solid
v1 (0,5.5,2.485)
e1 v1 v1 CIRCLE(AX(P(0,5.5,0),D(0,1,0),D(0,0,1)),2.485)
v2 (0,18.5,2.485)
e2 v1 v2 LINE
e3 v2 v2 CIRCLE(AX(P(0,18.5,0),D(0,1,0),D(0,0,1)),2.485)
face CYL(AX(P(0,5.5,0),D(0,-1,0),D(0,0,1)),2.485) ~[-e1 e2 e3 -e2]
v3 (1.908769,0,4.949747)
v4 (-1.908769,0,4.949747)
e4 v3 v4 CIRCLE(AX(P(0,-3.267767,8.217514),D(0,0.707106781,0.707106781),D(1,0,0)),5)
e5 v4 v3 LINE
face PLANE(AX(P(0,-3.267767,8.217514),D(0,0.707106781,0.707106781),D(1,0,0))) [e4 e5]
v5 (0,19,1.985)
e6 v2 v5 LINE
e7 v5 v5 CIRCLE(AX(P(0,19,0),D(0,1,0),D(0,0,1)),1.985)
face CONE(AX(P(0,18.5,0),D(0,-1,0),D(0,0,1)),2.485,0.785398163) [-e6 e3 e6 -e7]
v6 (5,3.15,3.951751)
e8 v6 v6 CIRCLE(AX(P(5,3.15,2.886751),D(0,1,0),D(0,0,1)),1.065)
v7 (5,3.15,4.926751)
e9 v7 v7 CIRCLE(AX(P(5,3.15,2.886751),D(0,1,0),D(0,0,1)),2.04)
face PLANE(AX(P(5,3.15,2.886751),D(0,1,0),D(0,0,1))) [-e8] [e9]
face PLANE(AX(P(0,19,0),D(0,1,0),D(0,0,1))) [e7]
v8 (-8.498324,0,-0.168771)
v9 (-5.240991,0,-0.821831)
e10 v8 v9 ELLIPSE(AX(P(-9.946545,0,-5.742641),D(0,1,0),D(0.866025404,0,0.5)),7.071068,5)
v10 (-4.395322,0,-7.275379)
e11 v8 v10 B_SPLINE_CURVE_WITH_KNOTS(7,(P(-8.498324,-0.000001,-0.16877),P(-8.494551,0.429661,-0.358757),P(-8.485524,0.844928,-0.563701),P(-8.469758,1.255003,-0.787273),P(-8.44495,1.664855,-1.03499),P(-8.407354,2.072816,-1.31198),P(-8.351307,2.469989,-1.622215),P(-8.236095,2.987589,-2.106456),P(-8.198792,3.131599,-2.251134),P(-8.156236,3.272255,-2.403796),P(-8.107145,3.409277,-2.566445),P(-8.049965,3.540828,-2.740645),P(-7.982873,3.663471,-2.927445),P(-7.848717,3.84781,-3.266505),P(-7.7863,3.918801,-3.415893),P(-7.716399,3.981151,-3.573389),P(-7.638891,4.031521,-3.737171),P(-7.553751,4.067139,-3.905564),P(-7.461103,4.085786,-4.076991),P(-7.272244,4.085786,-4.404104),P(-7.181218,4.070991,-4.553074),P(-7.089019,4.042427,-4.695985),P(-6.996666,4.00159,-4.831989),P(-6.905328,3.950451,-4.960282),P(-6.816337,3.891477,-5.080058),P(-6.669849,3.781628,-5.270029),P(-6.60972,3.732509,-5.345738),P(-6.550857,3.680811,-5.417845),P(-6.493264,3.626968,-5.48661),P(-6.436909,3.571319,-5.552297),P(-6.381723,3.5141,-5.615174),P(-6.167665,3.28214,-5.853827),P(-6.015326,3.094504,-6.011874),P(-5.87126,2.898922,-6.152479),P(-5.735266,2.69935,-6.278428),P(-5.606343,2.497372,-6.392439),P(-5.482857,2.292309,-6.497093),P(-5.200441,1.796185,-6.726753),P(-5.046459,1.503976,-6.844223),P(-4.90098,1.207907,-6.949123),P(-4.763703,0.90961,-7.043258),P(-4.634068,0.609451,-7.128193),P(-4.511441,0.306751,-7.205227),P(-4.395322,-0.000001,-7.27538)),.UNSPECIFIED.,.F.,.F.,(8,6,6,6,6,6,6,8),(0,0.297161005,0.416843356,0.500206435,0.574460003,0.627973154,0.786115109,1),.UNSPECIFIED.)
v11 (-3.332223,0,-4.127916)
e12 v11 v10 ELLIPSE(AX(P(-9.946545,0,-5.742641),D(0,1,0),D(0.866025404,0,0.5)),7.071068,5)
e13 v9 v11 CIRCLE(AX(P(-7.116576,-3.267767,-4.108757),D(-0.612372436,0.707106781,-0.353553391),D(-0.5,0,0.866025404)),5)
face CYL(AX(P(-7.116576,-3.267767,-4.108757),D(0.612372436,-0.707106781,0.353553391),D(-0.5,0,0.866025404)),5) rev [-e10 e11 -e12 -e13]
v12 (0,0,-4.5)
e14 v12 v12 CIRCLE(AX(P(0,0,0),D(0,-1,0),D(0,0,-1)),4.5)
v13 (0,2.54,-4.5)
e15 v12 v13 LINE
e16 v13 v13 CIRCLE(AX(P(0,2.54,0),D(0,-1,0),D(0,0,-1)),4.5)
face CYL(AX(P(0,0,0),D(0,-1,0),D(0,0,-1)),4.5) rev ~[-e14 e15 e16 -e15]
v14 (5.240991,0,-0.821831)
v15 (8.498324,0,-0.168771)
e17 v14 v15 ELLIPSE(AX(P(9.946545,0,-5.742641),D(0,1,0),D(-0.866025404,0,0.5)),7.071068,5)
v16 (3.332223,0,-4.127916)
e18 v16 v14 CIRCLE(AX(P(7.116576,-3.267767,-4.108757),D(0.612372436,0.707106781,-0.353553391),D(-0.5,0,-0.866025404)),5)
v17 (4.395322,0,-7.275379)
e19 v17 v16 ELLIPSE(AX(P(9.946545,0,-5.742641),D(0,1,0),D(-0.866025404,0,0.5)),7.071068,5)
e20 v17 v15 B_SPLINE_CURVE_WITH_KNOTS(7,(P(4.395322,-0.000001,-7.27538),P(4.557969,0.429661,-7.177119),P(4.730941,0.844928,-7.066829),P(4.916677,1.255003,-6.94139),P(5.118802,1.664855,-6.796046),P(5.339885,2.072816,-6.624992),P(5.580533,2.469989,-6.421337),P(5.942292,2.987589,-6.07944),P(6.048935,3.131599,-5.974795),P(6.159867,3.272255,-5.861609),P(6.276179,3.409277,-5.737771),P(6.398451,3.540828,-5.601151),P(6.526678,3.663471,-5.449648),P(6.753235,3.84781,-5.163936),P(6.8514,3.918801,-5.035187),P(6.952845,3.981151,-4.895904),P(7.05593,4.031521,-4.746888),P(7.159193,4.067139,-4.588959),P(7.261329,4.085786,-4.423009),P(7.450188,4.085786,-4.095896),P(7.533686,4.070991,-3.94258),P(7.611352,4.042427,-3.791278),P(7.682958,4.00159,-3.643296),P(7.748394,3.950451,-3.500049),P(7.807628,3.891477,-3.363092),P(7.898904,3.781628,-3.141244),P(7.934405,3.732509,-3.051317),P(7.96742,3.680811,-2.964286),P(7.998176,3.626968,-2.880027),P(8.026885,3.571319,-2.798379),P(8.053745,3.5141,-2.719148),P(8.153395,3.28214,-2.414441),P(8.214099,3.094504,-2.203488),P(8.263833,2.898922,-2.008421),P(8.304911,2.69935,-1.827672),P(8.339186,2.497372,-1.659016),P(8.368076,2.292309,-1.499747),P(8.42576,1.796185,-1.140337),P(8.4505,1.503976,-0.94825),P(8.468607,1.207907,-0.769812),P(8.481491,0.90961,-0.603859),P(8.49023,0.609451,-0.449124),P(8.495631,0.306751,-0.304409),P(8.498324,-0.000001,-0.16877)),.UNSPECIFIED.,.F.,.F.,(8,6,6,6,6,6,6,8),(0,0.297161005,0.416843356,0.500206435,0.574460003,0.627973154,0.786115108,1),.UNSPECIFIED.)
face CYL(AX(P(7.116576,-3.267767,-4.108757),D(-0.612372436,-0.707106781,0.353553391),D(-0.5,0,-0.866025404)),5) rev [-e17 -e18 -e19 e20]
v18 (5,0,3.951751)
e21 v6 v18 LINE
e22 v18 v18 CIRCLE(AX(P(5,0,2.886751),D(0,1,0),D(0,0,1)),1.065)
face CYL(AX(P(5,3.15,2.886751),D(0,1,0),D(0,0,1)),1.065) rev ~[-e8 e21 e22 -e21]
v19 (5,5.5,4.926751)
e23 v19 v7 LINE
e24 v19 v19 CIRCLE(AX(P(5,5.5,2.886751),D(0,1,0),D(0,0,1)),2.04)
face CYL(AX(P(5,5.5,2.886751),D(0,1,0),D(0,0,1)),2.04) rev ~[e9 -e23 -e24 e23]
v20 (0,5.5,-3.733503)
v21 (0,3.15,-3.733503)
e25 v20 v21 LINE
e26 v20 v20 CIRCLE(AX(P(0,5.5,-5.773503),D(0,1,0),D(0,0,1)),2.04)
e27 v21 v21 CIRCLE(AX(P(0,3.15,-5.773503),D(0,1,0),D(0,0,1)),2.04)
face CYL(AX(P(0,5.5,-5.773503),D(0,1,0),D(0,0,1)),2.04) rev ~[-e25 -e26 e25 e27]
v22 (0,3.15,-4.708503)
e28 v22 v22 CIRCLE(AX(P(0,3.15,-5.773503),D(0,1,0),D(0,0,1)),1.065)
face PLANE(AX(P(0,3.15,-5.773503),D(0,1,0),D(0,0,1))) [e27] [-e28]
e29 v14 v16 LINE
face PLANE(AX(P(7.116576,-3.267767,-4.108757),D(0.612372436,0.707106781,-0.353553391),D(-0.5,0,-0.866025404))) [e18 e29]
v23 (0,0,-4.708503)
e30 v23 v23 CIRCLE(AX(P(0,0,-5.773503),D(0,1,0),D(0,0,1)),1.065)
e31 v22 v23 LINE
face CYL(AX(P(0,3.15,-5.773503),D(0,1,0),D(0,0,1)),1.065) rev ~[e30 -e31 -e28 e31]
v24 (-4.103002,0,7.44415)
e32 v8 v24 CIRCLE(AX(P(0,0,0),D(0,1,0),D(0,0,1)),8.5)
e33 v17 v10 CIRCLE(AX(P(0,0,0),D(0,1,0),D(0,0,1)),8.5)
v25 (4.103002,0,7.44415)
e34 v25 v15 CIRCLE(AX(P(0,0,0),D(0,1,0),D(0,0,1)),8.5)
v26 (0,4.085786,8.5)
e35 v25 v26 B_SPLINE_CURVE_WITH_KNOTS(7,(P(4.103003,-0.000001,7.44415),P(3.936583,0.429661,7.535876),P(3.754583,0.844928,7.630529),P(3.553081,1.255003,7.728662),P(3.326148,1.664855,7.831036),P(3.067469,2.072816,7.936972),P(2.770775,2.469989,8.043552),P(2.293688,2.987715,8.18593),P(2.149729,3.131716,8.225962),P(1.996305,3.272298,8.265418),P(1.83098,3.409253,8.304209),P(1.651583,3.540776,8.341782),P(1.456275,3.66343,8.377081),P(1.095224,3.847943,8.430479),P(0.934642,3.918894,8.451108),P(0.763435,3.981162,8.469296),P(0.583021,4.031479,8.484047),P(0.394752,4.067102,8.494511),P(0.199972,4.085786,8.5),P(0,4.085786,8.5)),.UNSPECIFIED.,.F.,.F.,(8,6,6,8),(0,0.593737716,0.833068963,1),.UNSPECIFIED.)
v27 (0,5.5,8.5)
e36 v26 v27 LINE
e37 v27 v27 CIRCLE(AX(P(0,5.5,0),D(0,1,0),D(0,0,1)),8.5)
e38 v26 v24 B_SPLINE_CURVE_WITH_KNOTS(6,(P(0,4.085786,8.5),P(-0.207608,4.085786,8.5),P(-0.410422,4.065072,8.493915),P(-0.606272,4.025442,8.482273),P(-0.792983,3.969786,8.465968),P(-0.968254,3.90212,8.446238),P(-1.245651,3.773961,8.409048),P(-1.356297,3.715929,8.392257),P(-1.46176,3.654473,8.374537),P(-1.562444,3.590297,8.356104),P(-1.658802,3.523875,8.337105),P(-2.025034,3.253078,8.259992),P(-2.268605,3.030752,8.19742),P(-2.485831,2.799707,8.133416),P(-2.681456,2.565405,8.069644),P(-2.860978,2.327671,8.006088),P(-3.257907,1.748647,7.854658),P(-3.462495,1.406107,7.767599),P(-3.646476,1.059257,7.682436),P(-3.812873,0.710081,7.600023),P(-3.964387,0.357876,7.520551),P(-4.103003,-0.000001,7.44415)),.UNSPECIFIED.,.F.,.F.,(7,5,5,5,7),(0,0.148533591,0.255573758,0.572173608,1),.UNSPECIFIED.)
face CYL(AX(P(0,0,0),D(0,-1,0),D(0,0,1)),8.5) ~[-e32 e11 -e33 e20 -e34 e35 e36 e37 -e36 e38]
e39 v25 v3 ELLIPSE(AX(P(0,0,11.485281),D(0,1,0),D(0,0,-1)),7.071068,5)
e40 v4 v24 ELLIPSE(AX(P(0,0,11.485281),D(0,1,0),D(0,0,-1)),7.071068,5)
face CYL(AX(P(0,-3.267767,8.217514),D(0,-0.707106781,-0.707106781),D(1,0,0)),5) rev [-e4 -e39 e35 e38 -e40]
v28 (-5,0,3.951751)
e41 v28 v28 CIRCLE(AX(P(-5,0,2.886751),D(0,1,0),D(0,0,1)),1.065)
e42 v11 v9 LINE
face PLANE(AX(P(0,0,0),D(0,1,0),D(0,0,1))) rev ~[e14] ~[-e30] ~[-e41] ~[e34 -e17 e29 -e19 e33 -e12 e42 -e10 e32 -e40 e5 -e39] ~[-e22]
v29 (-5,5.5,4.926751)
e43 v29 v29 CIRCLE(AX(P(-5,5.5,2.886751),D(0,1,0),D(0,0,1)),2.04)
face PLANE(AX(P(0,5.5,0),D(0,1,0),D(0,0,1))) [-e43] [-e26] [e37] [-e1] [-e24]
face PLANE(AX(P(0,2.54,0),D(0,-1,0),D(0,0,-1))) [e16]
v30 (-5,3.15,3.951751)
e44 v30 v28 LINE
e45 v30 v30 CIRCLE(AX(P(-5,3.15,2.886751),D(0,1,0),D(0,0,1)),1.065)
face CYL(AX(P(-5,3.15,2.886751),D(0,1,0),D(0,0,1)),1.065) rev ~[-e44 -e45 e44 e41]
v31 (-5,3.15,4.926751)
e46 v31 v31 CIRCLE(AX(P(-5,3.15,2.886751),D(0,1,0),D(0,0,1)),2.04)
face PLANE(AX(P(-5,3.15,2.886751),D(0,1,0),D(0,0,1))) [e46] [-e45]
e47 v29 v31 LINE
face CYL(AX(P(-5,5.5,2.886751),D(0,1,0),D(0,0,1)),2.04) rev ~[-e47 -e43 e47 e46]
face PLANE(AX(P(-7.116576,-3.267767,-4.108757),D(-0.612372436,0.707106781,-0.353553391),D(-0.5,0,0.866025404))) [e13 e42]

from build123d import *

# Parameters (mm, degrees)
SKETCH1_R           = 8.5
BOSS_EXTRUDE1_DEPTH = 5.5
SKETCH2_R           = 2.485
BOSS_EXTRUDE2_DEPTH = 13.5
CHAMFER1_SIZE       = 0.5
SKETCH5_R           = 4.5
CUT_EXTRUDE3_DEPTH  = 2.54
SKETCH3_R           = 2.04
CUT_EXTRUDE1_DEPTH  = 2.35
SKETCH4_R           = 1.065
CUT_EXTRUDE2_DEPTH  = 22.35
SKETCH7_R           = 5
CUT_EXTRUDE5_DEPTH  = 11.54
CIRPATTERN1_COUNT   = 3


with BuildPart() as part:
    # Sketch1 → Boss-Extrude1 (new body)
    with BuildSketch(Plane(origin=(0, 0, 0), x_dir=(1, 0, 0), z_dir=(0, 1, 0))):
        with Locations(Location((0, 0, 0), (0, 0, 270))):
            Circle(SKETCH1_R)
    extrude(amount=BOSS_EXTRUDE1_DEPTH)

    # Sketch2 → Boss-Extrude2 (add)
    with BuildSketch(Plane(origin=(0, 5.5, 0), x_dir=(1, 0, 0), z_dir=(0, 1, 0))):
        with Locations(Location((0, 0, 0), (0, 0, 270))):
            Circle(SKETCH2_R)
    extrude(amount=BOSS_EXTRUDE2_DEPTH)

    # Chamfer1
    chamfer1_edges = [part.edges().sort_by_distance(p)[0] for p in [
        (0, 19, -2.485),
    ]]
    chamfer(chamfer1_edges, length=CHAMFER1_SIZE)

    # Sketch5 → Cut-Extrude3 (cut)
    with BuildSketch(Plane.XZ):
        with Locations(Location((0, 0, 0), (0, 0, 270))):
            Circle(SKETCH5_R)
    extrude(amount=-CUT_EXTRUDE3_DEPTH, mode=Mode.SUBTRACT)

    # Sketch3 → Cut-Extrude1 (cut)
    with BuildSketch(Plane(origin=(0, 5.5, 0), x_dir=(1, 0, 0), z_dir=(0, 1, 0))):
        with Locations(Location((0, 5.773502692, 0), (0, 0, 270))):
            Circle(SKETCH3_R)
        with Locations(Location((5, -2.886751346, 0), (0, 0, 270))):
            Circle(SKETCH3_R)
        with Locations(Location((-5, -2.886751346, 0), (0, 0, 270))):
            Circle(SKETCH3_R)
    extrude(amount=-CUT_EXTRUDE1_DEPTH, mode=Mode.SUBTRACT)

    # Sketch4 → Cut-Extrude2 (cut)
    with BuildSketch(Plane(origin=(0, 3.15, 0), x_dir=(1, 0, 0), z_dir=(0, 1, 0))):
        with Locations(Location((0, 5.773502692, 0), (0, 0, 270))):
            Circle(SKETCH4_R)
        with Locations(Location((5, -2.886751346, 0), (0, 0, 270))):
            Circle(SKETCH4_R)
        with Locations(Location((-5, -2.886751346, 0), (0, 0, 270))):
            Circle(SKETCH4_R)
    extrude(amount=-CUT_EXTRUDE2_DEPTH, mode=Mode.SUBTRACT)

    # Sketch7 → Cut-Extrude5 (cut)
    with BuildSketch(Plane(origin=(0, 2.474873734, 2.474873734), x_dir=(1, 0, 0), z_dir=(0, 0.7071067811865476, 0.7071067811865476))):
        with Locations((0, -8.121320344)):
            Circle(SKETCH7_R)
    cut_extrude5 = extrude(amount=CUT_EXTRUDE5_DEPTH, mode=Mode.SUBTRACT)

    # CirPattern1: Cut-Extrude5 ×3 about axis
    cirpattern1_axis = Axis((0, 0, 0), (0, 1, 0))
    for i in range(1, CIRPATTERN1_COUNT):
        add(cut_extrude5.rotate(cirpattern1_axis, i * 360 / CIRPATTERN1_COUNT), mode=Mode.SUBTRACT)


solid = part.part
